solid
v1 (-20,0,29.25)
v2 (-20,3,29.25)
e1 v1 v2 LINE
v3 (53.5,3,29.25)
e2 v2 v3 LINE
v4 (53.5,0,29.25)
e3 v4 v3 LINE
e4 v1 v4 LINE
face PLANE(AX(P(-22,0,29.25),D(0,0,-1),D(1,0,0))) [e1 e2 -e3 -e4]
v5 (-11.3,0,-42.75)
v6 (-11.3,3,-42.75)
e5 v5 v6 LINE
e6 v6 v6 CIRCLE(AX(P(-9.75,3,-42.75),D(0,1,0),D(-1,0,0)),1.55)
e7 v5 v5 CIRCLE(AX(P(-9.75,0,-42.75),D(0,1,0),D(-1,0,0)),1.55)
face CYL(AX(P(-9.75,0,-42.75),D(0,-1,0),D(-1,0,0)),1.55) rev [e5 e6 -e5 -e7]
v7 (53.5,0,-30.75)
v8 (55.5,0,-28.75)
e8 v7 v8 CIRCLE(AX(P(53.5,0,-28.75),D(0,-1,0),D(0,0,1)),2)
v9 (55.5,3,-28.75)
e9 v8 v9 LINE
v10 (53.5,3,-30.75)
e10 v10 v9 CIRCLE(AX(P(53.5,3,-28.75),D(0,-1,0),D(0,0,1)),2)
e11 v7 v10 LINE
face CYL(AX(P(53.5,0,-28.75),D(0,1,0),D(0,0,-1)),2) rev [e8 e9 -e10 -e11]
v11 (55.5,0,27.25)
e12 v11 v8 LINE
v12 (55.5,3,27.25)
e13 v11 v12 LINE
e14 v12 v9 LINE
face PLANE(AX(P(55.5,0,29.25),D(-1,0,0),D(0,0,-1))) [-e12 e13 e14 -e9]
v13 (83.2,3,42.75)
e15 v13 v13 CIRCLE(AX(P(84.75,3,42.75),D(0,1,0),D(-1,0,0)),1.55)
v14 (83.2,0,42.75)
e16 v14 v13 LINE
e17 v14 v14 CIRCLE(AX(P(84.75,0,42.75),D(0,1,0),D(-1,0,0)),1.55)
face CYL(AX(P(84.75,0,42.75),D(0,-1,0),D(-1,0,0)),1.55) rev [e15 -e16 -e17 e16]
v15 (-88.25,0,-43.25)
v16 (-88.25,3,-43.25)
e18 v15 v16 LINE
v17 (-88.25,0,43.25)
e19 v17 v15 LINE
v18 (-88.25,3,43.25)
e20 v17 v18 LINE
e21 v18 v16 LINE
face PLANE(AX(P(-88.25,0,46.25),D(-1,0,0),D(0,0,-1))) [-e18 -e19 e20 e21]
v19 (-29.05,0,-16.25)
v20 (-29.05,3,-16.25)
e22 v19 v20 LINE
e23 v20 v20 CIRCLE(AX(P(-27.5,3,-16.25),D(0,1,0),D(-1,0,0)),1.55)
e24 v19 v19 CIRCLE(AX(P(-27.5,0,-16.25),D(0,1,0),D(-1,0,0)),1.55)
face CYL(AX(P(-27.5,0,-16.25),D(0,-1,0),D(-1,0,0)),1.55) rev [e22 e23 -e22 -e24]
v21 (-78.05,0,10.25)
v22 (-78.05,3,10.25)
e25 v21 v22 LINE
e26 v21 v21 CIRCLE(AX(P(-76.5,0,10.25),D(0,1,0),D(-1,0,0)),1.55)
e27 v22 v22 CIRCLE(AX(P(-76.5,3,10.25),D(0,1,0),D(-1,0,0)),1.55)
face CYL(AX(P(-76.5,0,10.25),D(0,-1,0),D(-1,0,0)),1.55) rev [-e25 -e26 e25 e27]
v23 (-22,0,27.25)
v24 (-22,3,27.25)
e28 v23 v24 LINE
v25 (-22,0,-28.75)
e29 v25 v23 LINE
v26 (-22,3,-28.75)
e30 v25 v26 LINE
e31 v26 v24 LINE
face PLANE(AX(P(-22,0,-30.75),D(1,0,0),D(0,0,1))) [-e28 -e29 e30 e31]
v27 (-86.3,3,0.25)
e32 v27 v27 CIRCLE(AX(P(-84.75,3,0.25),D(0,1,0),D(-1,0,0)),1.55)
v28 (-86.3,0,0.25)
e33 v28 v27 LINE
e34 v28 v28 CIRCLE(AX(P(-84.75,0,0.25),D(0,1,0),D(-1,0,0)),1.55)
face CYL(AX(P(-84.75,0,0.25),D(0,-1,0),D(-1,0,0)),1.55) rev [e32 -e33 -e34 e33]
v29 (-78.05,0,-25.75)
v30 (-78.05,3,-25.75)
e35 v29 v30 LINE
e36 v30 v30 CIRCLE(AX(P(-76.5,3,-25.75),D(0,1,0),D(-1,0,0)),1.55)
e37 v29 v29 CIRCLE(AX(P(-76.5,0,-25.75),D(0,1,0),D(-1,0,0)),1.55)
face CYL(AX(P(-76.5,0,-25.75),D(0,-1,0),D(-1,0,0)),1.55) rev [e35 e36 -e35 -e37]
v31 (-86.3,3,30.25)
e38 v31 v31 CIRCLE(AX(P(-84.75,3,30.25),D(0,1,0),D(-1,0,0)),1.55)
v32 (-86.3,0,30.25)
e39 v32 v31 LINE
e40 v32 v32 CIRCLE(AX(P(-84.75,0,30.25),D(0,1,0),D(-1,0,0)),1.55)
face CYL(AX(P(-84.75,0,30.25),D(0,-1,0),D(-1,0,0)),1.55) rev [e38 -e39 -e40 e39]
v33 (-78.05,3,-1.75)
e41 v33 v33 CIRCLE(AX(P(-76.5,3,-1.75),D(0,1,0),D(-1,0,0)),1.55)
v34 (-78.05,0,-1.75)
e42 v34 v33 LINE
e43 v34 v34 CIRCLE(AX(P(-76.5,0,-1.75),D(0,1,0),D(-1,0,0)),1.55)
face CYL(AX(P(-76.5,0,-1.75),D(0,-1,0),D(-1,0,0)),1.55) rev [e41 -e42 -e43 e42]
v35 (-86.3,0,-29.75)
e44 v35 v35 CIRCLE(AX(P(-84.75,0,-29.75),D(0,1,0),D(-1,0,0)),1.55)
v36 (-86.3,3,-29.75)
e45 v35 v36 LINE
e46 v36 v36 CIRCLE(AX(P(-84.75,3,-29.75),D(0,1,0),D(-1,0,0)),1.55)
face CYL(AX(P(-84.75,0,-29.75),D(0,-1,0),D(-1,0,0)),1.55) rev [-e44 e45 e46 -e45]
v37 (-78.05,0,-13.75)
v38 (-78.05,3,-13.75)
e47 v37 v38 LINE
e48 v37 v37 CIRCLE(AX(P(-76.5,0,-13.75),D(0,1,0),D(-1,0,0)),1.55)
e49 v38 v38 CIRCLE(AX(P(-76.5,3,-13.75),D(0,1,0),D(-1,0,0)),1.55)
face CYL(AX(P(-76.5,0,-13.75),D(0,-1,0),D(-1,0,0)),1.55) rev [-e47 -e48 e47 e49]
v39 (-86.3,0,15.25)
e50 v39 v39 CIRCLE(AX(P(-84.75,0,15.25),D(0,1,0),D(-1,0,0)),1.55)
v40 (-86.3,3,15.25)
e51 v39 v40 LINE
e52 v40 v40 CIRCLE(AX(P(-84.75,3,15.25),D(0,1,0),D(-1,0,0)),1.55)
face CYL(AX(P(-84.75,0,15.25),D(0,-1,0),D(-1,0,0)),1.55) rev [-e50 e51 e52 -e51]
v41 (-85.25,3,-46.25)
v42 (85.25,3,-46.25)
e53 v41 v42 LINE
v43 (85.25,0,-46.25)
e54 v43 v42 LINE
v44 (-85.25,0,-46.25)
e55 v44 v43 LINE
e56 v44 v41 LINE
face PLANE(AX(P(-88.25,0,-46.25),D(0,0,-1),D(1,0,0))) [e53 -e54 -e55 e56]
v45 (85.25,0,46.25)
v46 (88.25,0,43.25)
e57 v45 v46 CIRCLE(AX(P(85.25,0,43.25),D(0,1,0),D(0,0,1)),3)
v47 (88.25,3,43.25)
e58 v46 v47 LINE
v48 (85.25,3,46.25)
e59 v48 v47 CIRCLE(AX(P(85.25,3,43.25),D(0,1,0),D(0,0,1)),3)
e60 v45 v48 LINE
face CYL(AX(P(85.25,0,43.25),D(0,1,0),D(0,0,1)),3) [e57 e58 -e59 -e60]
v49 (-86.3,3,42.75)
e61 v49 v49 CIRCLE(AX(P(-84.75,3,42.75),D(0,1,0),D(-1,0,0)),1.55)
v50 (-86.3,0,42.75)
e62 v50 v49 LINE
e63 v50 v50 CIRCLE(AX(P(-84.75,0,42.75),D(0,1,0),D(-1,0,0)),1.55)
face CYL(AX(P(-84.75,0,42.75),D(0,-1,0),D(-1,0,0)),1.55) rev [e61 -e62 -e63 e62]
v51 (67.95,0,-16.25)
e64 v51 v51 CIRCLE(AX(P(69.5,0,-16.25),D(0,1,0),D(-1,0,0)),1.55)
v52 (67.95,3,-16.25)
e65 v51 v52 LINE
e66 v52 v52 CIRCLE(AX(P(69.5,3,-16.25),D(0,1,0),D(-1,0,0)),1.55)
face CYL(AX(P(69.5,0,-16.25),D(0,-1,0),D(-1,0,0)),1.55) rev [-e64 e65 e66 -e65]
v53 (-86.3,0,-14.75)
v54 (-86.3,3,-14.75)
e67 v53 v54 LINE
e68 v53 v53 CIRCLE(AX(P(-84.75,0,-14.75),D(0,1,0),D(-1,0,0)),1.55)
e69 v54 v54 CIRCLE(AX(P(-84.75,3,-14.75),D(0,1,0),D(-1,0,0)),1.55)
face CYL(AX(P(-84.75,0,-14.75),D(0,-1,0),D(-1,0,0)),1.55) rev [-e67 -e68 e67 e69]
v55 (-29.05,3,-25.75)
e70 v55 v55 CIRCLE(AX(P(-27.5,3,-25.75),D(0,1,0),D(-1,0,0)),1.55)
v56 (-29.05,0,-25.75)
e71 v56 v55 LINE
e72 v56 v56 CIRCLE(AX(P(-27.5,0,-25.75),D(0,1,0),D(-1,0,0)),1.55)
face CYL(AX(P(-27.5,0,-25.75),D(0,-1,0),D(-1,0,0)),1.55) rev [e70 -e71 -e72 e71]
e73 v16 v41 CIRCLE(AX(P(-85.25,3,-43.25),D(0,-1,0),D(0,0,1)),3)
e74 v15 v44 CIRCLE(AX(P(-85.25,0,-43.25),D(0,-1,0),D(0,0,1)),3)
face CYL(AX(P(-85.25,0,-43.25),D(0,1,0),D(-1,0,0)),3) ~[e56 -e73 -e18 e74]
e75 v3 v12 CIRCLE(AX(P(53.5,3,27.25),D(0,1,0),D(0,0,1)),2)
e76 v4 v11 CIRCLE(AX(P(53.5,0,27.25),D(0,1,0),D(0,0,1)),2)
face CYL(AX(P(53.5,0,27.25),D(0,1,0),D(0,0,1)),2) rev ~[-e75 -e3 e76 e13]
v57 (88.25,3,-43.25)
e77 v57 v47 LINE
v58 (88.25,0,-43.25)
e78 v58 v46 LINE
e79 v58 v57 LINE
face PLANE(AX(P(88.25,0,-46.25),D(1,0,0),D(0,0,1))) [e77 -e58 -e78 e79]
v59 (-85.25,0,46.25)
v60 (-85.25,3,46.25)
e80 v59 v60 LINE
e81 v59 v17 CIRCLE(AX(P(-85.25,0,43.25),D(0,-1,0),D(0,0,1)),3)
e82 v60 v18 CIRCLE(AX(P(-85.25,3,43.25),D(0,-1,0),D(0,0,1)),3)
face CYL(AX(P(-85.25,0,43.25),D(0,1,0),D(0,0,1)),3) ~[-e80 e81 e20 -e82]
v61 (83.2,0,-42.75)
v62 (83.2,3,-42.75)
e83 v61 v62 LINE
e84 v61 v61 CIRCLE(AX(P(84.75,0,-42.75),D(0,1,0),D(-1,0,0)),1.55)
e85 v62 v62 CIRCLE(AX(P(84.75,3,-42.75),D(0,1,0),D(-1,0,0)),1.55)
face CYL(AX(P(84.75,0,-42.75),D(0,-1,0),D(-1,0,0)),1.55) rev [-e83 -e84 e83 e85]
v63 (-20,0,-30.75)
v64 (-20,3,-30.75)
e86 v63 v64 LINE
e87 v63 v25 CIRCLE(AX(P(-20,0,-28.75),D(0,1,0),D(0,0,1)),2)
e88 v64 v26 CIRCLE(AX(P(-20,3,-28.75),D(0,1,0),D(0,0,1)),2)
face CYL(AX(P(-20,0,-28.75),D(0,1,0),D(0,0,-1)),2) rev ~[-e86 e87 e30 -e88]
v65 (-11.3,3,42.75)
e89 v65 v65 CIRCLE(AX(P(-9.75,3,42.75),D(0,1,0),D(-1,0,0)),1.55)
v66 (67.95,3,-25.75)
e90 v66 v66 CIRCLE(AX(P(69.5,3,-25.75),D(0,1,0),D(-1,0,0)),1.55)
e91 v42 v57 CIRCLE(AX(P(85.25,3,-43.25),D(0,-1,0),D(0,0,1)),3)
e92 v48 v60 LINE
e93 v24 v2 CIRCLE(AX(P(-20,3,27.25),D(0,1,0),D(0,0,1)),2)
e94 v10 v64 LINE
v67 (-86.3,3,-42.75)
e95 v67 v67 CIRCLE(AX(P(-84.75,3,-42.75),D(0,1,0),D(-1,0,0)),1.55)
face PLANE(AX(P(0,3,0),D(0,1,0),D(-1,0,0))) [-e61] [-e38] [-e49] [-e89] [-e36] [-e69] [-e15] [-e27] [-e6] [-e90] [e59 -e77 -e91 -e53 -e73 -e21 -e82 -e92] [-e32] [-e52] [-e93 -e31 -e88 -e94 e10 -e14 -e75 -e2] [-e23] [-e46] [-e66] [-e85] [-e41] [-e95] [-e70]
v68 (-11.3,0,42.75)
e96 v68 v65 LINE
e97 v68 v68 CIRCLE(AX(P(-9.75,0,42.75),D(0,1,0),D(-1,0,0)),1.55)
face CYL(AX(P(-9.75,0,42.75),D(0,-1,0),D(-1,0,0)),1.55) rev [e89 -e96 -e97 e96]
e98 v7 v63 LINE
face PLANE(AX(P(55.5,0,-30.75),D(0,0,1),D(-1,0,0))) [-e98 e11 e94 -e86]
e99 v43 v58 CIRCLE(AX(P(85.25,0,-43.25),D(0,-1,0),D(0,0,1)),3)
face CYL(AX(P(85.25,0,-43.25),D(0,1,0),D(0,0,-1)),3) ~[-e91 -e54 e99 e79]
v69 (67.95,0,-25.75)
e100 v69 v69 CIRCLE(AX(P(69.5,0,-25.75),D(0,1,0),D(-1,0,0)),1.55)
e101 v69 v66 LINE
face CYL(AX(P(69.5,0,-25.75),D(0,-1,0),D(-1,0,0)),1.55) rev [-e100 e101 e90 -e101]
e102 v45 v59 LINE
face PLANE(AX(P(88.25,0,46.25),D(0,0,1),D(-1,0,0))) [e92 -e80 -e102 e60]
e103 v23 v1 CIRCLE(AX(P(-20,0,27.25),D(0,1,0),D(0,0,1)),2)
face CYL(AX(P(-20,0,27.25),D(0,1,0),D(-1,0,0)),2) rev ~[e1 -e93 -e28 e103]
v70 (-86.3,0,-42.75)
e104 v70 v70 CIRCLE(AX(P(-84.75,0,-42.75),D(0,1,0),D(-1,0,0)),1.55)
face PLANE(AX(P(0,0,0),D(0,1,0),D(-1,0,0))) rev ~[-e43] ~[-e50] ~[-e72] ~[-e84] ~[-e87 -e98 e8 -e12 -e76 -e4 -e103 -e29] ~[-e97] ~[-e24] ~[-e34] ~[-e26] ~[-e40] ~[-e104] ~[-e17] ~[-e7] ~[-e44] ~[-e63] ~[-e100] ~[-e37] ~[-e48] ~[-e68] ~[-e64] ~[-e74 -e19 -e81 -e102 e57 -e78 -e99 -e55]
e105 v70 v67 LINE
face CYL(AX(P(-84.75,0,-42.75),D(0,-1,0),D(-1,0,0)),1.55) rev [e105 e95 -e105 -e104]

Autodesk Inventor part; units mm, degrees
ref_plane "YZ Plane" through (0, 0, 0) normal (1, 0, 0) x (0, 1, 0)
ref_plane "XZ Plane" through (0, 0, 0) normal (0, 1, 0) x (-1, 0, 0)
ref_plane "XY Plane" through (0, 0, 0) normal (0, 0, 1) x (1, 0, 0)
sketch "スケッチ1" plane through (0, 0, 0) normal (0, 1, 0) x (-1, 0, 0)
  line L0 (-88.25, 46.25) -> (88.25, 46.25)
  line L1 (88.25, 46.25) -> (88.25, -46.25)
  line L2 (88.25, -46.25) -> (-88.25, -46.25)
  line L3 (-88.25, -46.25) -> (-88.25, 46.25)
  line L4 (-88.25, 46.25) -> (88.25, -46.25) construction
  line L5 (88.25, 46.25) -> (-88.25, -46.25) construction
  circle A0 centre (84.75, 42.75) radius 1.55
  circle A1 centre (9.75, 42.75) radius 1.55
  circle A2 centre (-84.75, 42.75) radius 1.55
  line L6 (151.0272, 0) -> (-157.6431, 0) construction
  line L7 (0, 129.3763) -> (0, -94.6315) construction
  circle A3 centre (84.75, -42.75) radius 1.55
  circle A4 centre (9.75, -42.75) radius 1.55
  circle A5 centre (-84.75, -42.75) radius 1.55
  circle A6 centre (27.5, -25.75) radius 1.55
  circle A7 centre (27.5, -16.25) radius 1.55
  line L8 (88.25, -25.75) -> (-88.25, -25.75) construction
  line L9 (-88.25, -16.25) -> (88.25, -16.25) construction
  circle A8 centre (-69.5, -25.75) radius 1.55
  circle A9 centre (-69.5, -16.25) radius 1.55
  circle A10 centre (84.75, -29.75) radius 1.55
  circle A11 centre (84.75, -14.75) radius 1.55
  circle A12 centre (84.75, 0.25) radius 1.55
  circle A13 centre (84.75, 15.25) radius 1.55
  circle A14 centre (84.75, 30.25) radius 1.55
  circle A15 centre (76.5, -25.75) radius 1.55
  circle A16 centre (76.5, -13.75) radius 1.55
  circle A17 centre (76.5, -1.75) radius 1.55
  circle A18 centre (76.5, 10.25) radius 1.55
  line L10 (-55.5, -30.75) -> (22, -30.75)
  line L11 (22, -30.75) -> (22, 29.25)
  line L12 (22, 29.25) -> (-55.5, 29.25)
  line L13 (-55.5, 29.25) -> (-55.5, -30.75)
  line L14 (-55.5, -30.75) -> (22, 29.25) construction
  line L15 (22, -30.75) -> (-55.5, 29.25) construction
  point P0 (0, 0)
  point P1 (-16.75, -0.75)
  dimension "d105" = 176.5
  dimension "d106" = 92.5
  dimension "d107" = 3.5
  dimension "d108" = 3.5
  dimension "d109" = 3.1
  dimension "d110" = 78.5
  dimension "d111" = 3.5
  dimension "d112" = 3.1
  dimension "d113" = 173
  dimension "d114" = 3.5
  dimension "d115" = 3.1
  dimension "d116" = 46.25
  dimension "d117" = 88.25
  dimension "d118" = 60.75
  dimension "d119" = 20.5
  dimension "d120" = 30
  dimension "d121" = 3.1
  dimension "d122" = 3.1
  dimension "d123" = 60.75
  dimension "d129" = 3.1
  dimension "d130" = 3.1
  dimension "d132" = 9.5
  dimension "d133" = 20.5
  dimension "d134" = 30
  dimension "d136" = 16.5
  dimension "d137" = 3.5
  dimension "d138" = 3.1
  dimension "d141" = 15
  dimension "d146" = 20.5
  dimension "d147" = 11.75
  dimension "d148" = 3.1
  dimension "d151" = 12
  dimension "d156" = 15.5
  dimension "d157" = 75.5
  dimension "d158" = 66.25
  dimension "d159" = 143.75
  dimension "d164" = 97
  dimension "d165" = 157.75
extrude "押し出し1" add sketch "スケッチ1" along normal blind 3
fillet "フィレット1" radius 2 4 edges at (-22, 1.5, 29.25) (-22, 1.5, -30.75) (55.5, 1.5, 29.25) (55.5, 1.5, -30.75)
fillet "フィレット2" radius 3 4 edges at (-88.25, 1.5, 46.25) (-88.25, 1.5, -46.25) (88.25, 1.5, 46.25) (88.25, 1.5, -46.25)
equation "\"d108\" = d107"
equation "\"d111\" = d107"
equation "\"d112\" = d109"
equation "\"d114\" = d111"
equation "\"d115\" = d112"
equation "\"d121\" = d109"
equation "\"d122\" = d109"
equation "\"d123\" = d118"
equation "\"d129\" = d131"
equation "\"d130\" = d131"
equation "\"d138\" = d109"
equation "\"d148\" = d138"
equation "\"d131\" = 3.1"
properties part number "Sole_frame" material "GFRC"
